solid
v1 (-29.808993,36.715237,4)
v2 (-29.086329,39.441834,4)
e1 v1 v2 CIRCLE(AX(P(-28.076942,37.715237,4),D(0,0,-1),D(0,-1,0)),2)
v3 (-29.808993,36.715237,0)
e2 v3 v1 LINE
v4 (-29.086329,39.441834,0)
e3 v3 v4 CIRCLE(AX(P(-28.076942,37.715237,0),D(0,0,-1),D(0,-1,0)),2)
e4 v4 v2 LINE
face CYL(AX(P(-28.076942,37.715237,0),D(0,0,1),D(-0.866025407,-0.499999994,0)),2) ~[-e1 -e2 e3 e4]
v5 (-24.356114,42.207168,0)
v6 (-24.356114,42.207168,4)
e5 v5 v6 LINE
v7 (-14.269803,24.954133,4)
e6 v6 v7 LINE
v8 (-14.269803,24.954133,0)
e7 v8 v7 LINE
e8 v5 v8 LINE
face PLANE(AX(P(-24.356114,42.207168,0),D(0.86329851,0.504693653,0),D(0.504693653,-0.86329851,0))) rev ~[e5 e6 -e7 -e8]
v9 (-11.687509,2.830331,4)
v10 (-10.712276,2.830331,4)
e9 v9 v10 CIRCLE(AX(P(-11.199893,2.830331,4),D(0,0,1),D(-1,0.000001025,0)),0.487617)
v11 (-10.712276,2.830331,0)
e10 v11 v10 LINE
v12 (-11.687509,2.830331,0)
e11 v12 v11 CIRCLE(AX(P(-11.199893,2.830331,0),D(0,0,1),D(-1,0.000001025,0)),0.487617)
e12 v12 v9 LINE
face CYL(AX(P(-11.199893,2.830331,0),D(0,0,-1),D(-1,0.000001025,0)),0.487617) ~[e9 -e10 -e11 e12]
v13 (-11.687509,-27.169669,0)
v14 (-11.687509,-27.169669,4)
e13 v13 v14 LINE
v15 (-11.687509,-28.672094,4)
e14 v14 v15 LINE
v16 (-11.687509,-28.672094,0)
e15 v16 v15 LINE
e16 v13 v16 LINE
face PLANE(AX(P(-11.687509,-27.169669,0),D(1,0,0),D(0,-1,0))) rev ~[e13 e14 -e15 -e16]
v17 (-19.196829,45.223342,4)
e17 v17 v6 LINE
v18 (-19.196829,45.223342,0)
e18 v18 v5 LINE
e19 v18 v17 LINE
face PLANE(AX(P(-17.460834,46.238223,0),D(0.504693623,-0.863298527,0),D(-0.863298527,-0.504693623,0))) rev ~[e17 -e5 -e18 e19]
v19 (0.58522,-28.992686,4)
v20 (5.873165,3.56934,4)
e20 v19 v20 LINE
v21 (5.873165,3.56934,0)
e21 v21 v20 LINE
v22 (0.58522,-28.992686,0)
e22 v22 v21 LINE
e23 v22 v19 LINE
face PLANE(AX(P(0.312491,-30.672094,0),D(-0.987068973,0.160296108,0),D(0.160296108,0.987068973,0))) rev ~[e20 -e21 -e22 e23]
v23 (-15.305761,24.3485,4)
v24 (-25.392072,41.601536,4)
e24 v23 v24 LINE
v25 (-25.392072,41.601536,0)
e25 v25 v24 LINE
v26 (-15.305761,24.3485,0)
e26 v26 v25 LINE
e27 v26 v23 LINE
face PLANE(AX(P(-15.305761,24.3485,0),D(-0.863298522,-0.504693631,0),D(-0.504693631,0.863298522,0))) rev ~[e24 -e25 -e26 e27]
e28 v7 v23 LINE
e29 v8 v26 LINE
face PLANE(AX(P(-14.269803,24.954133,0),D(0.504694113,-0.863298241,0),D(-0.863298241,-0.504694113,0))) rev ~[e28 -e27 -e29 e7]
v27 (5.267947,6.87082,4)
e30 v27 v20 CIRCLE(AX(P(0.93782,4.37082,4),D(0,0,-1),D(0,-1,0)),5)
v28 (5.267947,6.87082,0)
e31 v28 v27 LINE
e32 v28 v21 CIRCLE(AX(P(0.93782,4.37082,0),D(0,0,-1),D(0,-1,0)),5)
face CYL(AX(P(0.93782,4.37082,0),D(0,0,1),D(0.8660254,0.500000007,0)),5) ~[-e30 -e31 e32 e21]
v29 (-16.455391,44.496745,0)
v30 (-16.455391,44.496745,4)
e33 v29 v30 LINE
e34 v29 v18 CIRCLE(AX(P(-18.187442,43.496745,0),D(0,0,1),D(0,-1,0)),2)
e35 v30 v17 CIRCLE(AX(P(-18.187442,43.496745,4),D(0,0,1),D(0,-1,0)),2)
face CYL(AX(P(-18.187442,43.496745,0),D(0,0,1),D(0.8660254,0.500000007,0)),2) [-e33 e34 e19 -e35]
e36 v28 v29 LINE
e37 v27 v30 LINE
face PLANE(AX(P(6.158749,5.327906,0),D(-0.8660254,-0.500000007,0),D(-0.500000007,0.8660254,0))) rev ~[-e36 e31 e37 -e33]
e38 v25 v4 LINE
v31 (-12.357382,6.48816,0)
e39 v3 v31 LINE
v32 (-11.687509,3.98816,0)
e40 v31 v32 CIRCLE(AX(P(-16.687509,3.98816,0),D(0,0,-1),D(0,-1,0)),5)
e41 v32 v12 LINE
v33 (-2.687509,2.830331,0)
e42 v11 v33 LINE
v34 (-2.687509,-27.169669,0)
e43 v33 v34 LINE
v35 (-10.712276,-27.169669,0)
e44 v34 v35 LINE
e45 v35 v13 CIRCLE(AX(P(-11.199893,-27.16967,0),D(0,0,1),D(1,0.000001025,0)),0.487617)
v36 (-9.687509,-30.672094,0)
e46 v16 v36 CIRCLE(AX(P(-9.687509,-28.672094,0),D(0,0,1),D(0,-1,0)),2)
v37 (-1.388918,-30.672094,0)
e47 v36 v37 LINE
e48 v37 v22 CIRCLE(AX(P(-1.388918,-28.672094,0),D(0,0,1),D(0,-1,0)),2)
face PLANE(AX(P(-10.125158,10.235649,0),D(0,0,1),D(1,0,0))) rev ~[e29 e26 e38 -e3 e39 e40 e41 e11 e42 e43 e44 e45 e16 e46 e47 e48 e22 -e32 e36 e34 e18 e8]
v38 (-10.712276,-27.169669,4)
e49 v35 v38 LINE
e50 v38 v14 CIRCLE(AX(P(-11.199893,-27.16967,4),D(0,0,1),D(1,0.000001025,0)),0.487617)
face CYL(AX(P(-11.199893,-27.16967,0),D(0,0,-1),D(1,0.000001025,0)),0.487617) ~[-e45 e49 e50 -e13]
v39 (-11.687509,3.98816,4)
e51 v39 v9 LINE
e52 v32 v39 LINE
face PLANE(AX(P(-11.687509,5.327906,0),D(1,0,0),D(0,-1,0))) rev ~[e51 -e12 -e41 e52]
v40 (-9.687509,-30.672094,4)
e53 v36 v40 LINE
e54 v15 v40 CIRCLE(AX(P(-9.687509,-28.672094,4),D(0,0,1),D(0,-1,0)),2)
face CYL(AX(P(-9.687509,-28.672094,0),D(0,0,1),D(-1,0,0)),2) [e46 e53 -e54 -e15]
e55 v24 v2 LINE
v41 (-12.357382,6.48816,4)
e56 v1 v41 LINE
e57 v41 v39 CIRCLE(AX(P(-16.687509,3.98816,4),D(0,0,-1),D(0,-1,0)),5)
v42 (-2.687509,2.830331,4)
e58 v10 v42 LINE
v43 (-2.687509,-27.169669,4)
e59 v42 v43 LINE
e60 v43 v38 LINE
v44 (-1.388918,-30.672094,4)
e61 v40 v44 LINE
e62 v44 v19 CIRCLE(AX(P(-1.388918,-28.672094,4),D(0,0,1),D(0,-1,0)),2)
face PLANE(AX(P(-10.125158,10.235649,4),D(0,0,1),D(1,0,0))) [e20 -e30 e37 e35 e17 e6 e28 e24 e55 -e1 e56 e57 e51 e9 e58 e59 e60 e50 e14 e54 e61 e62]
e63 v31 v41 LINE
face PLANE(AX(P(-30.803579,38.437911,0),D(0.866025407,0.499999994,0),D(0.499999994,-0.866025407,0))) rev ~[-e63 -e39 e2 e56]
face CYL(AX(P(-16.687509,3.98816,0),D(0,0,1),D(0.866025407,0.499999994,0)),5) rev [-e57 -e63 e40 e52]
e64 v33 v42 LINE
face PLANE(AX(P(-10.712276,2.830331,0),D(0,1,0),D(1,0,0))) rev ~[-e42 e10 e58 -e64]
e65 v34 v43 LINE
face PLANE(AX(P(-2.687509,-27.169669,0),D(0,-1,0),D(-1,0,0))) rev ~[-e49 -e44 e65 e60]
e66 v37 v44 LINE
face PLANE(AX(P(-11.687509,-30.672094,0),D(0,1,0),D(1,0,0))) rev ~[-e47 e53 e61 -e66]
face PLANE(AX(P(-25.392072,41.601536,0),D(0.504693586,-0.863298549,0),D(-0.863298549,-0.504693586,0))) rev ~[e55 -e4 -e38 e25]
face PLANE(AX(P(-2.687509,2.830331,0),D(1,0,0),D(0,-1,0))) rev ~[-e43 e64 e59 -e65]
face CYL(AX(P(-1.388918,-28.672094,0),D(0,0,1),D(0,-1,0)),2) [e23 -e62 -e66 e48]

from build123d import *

# Parameters (mm, degrees)
F1_DEPTH = 4
F2_R     = 2
F3_R     = 5


with BuildPart() as f1:
    # F0 (on Top) → F1 (new body)
    with BuildSketch(Plane.XY):
        with BuildLine():
            Line((-30.803579, 38.437911), (-11.687509, 5.327906))
            Line((-11.687509, 5.327906), (-11.687509, 2.830331))
            ThreePointArc((-11.687509, 2.830331), (-11.199892, 2.342714), (-10.712276, 2.830331))
            Line((-10.712276, 2.830331), (-2.687509, 2.830331))
            Line((-2.687509, 2.830331), (-2.687509, -27.169669))
            Line((-2.687509, -27.169669), (-10.712276, -27.169669))
            ThreePointArc((-10.712276, -27.169669), (-11.199892, -26.682053), (-11.687509, -27.169669))
            Line((-11.687509, -27.169669), (-11.687509, -30.672094))
            Line((-11.687509, -30.672094), (0.312491, -30.672094))
            Line((0.312491, -30.672094), (6.158749, 5.327906))
            Line((6.158749, 5.327906), (-17.460834, 46.238223))
            Line((-17.460834, 46.238223), (-24.356114, 42.207168))
            Line((-24.356114, 42.207168), (-14.269803, 24.954133))
            Line((-14.269803, 24.954133), (-15.305761, 24.3485))
            Line((-15.305761, 24.3485), (-25.392072, 41.601536))
            Line((-25.392072, 41.601536), (-30.803579, 38.437911))
        make_face()
    extrude(amount=F1_DEPTH)

    # F2
    f2_edges = [f1.edges().sort_by_distance(p)[0] for p in [
        (0.312491, -30.672094, 2),
        (-11.687509, -30.672094, 2),
        (-17.460834, 46.238223, 2),
        (-30.803579, 38.437911, 2),
    ]]
    fillet(f2_edges, radius=F2_R)

    # F3
    f3_edges = [f1.edges().sort_by_distance(p)[0] for p in [
        (6.158749, 5.327906, 2),
        (-11.687509, 5.327906, 2),
    ]]
    fillet(f3_edges, radius=F3_R)


solid = f1.part
